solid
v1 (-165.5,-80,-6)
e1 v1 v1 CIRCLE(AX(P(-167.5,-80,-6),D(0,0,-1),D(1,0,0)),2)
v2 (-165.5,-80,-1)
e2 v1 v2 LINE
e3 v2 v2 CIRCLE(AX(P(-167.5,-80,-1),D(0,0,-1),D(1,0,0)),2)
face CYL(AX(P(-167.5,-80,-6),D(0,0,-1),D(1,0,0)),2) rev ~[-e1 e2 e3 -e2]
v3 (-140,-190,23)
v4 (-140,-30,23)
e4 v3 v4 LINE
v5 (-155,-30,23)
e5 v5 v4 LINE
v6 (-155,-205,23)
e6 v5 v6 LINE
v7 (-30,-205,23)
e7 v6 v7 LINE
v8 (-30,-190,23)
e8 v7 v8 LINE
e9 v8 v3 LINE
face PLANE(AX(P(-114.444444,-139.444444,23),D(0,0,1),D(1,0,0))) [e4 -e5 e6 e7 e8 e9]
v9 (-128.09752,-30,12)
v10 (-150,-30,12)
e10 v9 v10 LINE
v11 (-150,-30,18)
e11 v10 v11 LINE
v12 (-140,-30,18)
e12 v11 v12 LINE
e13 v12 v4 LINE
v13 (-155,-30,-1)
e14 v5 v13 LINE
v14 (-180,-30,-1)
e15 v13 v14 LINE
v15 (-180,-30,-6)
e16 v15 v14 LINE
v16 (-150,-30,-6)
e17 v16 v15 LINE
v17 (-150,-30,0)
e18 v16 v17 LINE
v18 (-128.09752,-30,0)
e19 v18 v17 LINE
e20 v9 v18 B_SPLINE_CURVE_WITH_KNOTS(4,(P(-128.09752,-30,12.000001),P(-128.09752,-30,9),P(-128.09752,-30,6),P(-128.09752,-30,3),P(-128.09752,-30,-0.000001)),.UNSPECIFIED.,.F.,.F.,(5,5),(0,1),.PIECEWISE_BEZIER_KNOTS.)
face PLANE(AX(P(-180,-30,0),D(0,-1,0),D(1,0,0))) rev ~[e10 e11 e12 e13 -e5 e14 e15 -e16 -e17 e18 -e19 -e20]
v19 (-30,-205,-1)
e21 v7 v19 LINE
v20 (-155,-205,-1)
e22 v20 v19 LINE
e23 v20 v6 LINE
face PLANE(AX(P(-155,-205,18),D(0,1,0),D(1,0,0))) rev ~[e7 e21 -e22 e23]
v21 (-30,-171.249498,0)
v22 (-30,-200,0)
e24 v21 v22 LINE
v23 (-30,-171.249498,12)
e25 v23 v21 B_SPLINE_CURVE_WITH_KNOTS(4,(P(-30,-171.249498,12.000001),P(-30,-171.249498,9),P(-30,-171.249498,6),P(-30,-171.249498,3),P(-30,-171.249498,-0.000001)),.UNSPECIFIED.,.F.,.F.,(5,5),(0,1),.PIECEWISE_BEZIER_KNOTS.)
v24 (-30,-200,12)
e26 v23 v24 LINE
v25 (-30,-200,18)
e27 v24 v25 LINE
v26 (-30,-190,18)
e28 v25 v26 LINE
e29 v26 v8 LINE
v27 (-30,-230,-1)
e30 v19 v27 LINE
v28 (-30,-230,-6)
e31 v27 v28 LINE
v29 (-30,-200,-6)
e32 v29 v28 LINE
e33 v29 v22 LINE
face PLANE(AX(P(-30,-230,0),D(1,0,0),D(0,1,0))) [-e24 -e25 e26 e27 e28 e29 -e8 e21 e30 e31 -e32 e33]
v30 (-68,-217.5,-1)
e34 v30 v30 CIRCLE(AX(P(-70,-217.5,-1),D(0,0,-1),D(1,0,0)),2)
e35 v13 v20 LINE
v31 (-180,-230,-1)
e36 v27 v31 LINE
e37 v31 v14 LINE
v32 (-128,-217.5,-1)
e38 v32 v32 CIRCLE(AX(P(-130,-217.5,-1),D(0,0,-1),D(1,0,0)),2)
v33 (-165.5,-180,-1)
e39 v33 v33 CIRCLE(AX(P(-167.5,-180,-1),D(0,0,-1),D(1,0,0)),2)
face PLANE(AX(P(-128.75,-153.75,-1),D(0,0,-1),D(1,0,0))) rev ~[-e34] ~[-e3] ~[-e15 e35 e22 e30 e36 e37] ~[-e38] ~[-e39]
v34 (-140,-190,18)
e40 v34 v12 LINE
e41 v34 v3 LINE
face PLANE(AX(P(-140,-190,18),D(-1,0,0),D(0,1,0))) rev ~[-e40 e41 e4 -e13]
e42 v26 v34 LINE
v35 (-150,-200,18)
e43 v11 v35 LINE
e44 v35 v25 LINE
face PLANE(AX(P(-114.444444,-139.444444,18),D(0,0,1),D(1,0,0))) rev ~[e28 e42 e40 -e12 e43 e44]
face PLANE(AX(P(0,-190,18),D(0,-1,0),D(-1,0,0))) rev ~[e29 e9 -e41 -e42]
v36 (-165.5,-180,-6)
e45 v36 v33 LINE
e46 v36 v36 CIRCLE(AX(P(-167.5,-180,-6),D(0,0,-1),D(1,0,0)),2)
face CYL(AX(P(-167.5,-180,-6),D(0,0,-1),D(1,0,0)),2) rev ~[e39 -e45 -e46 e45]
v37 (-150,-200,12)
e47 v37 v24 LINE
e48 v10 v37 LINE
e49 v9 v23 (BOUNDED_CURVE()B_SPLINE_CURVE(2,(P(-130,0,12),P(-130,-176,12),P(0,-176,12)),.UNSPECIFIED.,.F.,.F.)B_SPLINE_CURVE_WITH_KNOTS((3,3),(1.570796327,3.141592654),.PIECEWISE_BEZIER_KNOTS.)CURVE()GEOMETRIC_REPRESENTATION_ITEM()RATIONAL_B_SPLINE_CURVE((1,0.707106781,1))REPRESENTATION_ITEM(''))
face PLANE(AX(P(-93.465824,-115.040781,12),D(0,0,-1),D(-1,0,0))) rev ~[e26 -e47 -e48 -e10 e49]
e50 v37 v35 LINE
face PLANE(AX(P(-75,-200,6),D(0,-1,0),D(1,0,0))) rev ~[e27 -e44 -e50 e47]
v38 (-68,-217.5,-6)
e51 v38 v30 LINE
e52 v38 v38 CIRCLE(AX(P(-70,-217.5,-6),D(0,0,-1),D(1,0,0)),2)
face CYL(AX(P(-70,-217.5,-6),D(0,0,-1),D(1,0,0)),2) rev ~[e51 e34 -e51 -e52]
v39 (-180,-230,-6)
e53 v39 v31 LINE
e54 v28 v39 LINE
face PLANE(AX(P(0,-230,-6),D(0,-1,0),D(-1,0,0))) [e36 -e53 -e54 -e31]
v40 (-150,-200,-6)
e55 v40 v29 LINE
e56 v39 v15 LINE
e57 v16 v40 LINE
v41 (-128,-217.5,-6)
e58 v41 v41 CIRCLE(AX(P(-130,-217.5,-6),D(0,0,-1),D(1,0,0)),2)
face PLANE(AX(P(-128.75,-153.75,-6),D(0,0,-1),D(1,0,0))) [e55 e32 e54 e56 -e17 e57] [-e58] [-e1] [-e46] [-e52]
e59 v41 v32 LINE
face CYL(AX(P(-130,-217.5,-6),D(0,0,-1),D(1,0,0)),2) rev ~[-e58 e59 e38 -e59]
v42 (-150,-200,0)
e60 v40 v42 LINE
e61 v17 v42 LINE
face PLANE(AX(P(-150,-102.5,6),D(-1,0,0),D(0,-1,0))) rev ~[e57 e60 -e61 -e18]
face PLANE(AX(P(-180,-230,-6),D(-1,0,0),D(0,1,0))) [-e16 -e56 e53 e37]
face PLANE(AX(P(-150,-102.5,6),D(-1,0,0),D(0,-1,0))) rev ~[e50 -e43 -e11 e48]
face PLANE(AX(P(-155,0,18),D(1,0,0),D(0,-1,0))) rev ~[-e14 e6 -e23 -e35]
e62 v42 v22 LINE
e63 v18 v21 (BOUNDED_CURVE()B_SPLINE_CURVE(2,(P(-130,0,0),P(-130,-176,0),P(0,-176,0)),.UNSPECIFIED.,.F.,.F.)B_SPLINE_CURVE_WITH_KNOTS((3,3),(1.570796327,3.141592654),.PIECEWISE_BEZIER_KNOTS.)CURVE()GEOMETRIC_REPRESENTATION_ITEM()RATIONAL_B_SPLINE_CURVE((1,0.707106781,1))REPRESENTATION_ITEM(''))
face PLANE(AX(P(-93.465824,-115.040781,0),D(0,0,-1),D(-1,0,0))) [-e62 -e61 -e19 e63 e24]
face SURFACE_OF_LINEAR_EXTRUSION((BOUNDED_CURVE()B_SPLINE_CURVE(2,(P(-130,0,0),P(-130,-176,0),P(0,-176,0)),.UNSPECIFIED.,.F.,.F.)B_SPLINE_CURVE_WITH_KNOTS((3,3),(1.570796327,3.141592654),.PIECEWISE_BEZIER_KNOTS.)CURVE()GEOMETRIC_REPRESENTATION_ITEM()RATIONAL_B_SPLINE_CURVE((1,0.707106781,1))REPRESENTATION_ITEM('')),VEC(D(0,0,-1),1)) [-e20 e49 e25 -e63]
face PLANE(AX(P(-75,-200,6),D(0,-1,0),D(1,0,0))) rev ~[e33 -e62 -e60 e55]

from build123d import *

# Parameters (mm, degrees)
F1_DEPTH  = 12
F2_W      = 150
F2_H      = 24
F3_DEPTH  = 5
F4_W      = 205
F4_H      = 24
F5_DEPTH  = 5
F6_R      = 2
F7_DEPTH  = 5
F9_DEPTH  = 5
F10_W     = 30
F10_H     = 30
F10_W_2   = 150
F10_H_2   = 200
F11_DEPTH = 25


with BuildPart() as f1:
    # F0 (on Top) → F1 (new body)
    with BuildSketch(Plane.XY):
        with BuildLine():
            add(Edge.make_bspline(
                [(-130, 0), (-130, -176), (0, -176)],
                knots=[1.5707963268, 1.5707963268, 1.5707963268, 3.1415926536, 3.1415926536, 3.1415926536], degree=2, weights=[1, 0.7071067812, 1]))
            Line((-130, 0), (-130, -176))
            Line((-130, -176), (0, -176))
        make_face()
        Polygon((-130, -176), (-130, 0), (-150, 0), (-150, -200), (0, -200), (0, -176), align=None)
    extrude(amount=F1_DEPTH)

    # F2 (on face) → F3 (join)
    with BuildSketch(Plane.XZ.offset(200)):
        with Locations((-75, 6)):
            Rectangle(F2_W, F2_H)
    extrude(amount=F3_DEPTH)

    # F4 (on face) → F5 (join)
    with BuildSketch(Plane(origin=(-150, 0, 0), x_dir=(0, -1, 0), z_dir=(-1, 0, 0))):
        with Locations((102.5, 6)):
            Rectangle(F4_W, F4_H)
    extrude(amount=F5_DEPTH)

    # F6 (on face) → F7 (join)
    with BuildSketch(Plane(origin=(0, 0, -6), x_dir=(1, 0, 0), z_dir=(0, 0, -1))):
        Polygon((0, 205), (0, 230), (-180, 230), (-180, 0), (-155, 0), (-155, 205), align=None)
        with Locations((-167.5, 80)):
            Circle(F6_R, mode=Mode.SUBTRACT)
        with Locations((-167.5, 180)):
            Circle(F6_R, mode=Mode.SUBTRACT)
        with Locations((-130, 217.5)):
            Circle(F6_R, mode=Mode.SUBTRACT)
        with Locations((-70, 217.5)):
            Circle(F6_R, mode=Mode.SUBTRACT)
    extrude(amount=-F7_DEPTH)

    # F8 (on face) → F9 (join)
    with BuildSketch(Plane.XY.offset(18)):
        Polygon((-140, 0), (-155, 0), (-155, -205), (0, -205), (0, -190), (-140, -190), align=None)
    extrude(amount=F9_DEPTH)

    # F10 (on Top) → F11 (cut, symmetric)
    with BuildSketch(Plane.XY):
        with Locations((-15, -15)):
            Rectangle(F10_W, F10_H)
        with Locations((-105, -15)):
            Rectangle(F10_W_2, F10_H)
        with Locations((-15, -130)):
            Rectangle(F10_W, F10_H_2)
    extrude(amount=F11_DEPTH, both=True, mode=Mode.SUBTRACT)


solid = f1.part
